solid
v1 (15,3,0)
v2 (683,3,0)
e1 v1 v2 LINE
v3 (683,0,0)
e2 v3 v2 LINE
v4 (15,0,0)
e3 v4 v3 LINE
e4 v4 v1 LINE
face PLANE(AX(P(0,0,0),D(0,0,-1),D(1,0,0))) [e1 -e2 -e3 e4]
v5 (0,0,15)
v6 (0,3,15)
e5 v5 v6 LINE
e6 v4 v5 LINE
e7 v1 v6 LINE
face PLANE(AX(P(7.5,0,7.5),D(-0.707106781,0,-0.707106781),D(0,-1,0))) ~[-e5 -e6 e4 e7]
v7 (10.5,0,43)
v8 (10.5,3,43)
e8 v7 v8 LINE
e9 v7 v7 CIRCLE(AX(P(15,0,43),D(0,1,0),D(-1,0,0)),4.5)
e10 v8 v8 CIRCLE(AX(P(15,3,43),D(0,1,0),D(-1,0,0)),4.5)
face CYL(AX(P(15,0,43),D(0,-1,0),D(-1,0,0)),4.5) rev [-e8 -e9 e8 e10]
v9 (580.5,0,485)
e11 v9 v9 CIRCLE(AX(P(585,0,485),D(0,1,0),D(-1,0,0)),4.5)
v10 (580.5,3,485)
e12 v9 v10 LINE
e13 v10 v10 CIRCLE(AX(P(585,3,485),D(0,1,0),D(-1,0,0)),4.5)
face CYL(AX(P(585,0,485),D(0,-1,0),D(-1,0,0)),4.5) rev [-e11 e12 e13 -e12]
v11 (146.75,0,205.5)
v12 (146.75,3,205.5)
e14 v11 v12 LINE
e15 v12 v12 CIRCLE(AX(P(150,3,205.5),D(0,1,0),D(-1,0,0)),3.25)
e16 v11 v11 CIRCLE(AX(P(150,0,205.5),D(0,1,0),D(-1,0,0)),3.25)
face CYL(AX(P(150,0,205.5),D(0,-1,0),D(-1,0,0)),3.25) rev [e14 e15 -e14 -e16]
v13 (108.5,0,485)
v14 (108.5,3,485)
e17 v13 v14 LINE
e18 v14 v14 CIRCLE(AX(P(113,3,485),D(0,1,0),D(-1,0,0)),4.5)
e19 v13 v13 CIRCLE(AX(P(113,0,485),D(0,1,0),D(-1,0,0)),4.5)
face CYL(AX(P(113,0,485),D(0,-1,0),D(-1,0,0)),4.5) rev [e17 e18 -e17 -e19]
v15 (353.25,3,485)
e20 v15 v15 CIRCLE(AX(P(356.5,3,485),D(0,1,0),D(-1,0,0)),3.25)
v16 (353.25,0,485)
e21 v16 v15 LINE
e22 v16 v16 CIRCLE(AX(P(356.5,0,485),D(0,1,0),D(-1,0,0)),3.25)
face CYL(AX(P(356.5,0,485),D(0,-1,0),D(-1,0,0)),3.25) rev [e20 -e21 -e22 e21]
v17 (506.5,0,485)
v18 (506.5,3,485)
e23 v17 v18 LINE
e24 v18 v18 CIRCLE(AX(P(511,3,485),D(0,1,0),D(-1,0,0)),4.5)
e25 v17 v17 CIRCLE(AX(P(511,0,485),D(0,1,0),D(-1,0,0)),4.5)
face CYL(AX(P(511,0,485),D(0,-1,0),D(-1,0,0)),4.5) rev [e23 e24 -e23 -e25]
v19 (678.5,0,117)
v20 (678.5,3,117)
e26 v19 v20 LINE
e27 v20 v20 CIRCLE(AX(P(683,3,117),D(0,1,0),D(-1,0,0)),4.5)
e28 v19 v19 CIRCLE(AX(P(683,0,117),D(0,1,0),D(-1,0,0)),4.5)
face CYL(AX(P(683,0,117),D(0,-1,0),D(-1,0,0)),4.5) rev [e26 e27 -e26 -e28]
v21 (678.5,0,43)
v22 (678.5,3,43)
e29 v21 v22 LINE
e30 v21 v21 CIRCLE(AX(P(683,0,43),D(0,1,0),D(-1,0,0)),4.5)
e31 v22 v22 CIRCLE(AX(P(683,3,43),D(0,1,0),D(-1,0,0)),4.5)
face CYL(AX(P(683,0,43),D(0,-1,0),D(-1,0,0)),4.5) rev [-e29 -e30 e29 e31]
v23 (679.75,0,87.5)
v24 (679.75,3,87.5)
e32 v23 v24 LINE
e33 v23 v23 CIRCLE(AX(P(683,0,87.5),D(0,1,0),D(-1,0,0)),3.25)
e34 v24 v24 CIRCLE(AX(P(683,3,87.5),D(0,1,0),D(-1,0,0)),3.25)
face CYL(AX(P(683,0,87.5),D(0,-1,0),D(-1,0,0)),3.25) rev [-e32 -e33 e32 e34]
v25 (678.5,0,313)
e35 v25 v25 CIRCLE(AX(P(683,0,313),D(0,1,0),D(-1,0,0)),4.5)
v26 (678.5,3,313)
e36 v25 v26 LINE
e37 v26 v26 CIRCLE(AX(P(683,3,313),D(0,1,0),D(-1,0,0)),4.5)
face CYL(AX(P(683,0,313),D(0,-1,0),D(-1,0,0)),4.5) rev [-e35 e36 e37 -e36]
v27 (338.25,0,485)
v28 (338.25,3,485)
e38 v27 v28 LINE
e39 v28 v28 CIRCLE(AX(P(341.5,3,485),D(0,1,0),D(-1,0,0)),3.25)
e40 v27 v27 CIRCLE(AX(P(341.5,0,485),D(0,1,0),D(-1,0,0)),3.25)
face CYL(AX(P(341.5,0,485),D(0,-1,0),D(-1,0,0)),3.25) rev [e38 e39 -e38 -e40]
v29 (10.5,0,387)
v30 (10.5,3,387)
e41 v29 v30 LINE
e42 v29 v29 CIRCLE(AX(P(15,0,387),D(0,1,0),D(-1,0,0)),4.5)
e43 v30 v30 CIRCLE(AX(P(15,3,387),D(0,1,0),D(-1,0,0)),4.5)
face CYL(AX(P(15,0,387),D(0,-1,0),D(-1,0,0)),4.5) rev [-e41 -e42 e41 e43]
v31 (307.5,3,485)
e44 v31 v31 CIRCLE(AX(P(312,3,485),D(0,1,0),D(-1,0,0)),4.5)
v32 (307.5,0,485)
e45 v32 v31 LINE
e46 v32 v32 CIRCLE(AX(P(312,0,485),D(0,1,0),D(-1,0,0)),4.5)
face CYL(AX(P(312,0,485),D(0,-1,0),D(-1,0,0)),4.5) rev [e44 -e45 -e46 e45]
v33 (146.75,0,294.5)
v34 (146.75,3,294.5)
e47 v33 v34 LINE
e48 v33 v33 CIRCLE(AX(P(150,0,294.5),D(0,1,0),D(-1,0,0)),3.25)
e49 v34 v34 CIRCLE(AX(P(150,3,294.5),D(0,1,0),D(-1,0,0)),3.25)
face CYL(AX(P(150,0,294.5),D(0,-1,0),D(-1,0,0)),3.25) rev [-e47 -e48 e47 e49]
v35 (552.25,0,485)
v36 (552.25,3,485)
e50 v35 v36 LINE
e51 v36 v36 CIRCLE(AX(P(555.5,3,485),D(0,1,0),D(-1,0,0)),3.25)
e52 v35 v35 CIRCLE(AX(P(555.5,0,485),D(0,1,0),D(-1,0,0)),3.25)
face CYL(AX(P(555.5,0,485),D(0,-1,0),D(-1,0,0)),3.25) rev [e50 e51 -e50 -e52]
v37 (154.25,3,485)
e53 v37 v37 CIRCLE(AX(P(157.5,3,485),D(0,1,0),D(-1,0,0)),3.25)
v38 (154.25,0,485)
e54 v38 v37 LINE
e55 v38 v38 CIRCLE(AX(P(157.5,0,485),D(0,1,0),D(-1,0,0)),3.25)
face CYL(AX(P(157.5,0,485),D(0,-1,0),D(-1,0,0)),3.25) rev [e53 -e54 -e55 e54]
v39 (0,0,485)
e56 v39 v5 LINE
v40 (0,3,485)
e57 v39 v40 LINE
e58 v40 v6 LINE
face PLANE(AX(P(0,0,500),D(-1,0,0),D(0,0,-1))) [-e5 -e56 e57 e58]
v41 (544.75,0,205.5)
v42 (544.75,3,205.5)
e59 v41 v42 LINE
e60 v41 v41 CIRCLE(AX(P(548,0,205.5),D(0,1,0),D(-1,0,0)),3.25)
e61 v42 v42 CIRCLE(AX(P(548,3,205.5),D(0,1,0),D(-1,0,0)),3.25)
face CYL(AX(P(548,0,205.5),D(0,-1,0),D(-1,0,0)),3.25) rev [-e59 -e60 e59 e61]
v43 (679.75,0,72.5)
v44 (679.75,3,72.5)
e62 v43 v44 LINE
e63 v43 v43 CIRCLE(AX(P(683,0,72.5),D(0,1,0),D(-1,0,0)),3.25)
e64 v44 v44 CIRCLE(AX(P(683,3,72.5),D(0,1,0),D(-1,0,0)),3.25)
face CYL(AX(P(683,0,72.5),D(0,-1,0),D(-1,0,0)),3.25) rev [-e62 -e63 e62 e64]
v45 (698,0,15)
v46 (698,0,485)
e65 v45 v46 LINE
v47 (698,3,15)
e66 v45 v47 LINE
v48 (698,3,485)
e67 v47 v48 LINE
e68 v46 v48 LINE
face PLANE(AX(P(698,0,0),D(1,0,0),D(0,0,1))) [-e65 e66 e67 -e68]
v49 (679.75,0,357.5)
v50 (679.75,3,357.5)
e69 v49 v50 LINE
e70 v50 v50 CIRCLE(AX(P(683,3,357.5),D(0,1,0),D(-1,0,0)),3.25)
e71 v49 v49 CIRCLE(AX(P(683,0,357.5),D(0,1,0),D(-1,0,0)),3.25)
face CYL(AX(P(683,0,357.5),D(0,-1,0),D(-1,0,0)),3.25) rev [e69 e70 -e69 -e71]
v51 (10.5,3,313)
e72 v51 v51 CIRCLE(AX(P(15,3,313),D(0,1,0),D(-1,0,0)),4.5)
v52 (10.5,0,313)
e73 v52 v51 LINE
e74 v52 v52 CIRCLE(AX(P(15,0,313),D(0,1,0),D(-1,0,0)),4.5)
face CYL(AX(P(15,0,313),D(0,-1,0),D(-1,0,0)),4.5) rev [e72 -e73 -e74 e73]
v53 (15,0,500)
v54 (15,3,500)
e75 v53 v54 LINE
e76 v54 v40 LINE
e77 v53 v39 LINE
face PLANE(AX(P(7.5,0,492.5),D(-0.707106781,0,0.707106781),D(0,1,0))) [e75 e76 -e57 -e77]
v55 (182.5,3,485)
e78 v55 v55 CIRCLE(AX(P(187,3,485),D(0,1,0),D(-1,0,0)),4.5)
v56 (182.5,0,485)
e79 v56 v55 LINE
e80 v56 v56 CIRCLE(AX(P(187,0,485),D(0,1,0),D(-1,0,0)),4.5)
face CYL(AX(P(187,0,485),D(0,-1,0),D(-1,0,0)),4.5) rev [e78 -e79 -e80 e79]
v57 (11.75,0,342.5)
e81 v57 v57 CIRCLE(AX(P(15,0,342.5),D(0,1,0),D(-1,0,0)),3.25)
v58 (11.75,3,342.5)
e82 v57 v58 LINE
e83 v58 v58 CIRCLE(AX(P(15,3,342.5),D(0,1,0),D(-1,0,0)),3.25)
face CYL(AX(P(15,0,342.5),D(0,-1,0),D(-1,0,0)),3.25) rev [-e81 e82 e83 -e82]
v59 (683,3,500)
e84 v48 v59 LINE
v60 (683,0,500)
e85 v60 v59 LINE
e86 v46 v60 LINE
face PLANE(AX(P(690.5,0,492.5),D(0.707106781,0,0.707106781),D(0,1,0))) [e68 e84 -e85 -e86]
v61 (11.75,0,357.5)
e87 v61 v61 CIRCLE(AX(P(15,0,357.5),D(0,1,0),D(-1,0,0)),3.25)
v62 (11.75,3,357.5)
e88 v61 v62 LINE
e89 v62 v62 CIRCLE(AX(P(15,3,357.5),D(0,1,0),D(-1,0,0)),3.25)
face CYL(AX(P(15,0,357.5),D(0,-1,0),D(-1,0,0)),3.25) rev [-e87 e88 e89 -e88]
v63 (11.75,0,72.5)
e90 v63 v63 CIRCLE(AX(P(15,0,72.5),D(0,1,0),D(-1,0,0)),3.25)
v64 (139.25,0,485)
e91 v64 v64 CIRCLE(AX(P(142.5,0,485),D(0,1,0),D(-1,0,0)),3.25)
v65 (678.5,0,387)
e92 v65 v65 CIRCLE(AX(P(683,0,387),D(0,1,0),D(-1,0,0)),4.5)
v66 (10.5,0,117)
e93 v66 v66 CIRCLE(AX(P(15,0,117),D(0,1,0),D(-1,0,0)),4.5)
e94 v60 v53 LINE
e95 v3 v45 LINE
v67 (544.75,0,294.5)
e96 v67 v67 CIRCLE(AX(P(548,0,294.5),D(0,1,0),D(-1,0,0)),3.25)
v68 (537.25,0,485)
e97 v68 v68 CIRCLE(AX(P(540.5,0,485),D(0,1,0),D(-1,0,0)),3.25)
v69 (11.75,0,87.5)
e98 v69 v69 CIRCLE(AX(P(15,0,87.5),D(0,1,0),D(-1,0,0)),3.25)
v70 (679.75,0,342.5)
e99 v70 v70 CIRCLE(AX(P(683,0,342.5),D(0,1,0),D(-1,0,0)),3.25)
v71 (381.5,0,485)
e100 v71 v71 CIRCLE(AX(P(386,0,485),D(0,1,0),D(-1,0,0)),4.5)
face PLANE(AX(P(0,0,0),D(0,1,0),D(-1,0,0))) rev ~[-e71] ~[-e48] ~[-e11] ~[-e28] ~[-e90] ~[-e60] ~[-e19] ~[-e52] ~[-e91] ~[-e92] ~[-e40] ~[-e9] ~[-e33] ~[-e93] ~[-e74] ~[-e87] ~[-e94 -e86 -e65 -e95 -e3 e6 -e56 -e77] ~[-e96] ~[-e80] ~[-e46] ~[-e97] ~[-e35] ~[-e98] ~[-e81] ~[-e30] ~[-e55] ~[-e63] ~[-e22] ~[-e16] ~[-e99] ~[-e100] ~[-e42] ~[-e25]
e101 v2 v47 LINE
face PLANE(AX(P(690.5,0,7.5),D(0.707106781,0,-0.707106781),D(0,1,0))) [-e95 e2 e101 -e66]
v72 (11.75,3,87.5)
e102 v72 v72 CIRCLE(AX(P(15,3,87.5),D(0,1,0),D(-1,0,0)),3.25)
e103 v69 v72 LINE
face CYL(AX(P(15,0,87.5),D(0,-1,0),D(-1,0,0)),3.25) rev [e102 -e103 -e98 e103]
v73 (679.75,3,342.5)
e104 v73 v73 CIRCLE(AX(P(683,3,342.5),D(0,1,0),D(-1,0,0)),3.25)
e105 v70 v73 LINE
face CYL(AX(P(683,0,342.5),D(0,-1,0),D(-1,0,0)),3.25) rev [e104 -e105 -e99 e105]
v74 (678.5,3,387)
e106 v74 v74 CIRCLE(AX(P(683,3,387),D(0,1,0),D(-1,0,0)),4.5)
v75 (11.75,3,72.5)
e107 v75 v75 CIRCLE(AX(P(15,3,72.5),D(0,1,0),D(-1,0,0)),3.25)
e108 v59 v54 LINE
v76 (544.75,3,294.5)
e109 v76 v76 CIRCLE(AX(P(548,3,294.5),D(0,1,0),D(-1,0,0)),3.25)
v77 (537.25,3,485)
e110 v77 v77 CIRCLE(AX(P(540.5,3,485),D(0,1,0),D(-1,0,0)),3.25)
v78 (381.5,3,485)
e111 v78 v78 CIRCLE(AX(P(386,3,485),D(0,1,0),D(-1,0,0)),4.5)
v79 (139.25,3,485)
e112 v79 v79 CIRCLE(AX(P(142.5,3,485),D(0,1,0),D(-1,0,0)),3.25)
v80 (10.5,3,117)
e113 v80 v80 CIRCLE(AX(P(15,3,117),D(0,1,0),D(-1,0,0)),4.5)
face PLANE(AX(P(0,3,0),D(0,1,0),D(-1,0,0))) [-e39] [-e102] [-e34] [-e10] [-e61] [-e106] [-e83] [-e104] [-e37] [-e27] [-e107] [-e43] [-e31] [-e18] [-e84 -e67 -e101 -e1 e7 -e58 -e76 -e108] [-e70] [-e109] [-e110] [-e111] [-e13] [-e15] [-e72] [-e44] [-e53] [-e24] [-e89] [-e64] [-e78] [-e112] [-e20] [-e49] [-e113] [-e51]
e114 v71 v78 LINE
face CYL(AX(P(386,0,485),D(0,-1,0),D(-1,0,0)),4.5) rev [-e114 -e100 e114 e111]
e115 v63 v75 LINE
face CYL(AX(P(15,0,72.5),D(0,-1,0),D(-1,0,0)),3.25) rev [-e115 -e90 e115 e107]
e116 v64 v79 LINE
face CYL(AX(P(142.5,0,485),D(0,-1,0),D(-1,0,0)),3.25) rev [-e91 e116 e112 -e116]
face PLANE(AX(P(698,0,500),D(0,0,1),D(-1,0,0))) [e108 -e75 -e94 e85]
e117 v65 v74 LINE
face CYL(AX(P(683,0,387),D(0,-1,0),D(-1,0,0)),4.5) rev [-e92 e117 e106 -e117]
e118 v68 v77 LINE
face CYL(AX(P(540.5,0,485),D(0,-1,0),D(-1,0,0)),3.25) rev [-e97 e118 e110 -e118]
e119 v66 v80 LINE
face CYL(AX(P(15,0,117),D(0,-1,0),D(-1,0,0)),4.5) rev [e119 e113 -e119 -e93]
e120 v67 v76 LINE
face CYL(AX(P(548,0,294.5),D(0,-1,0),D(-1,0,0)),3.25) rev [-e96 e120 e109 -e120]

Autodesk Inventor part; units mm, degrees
ref_plane "YZ Plane" through (0, 0, 0) normal (1, 0, 0) x (0, 1, 0)
ref_plane "XZ Plane" through (0, 0, 0) normal (0, 1, 0) x (-1, 0, 0)
ref_plane "XY Plane" through (0, 0, 0) normal (0, 0, 1) x (1, 0, 0)
sketch "Skizze1" plane through (0, 0, 0) normal (0, 1, 0) x (-1, 0, 0)
  line L0 (0, 0) -> (-698, 0)
  line L1 (-698, 0) -> (-698, 500)
  line L2 (-698, 500) -> (0, 500)
  line L3 (0, 500) -> (0, 0)
  line L4 (-349, 0) -> (-349, 500) construction
  line L5 (0, 250) -> (-698, 250) construction
  line L6 (-150, 0) -> (-150, 500) construction
  line L7 (-548, 0) -> (-548, 500) construction
  line L8 (-698, 350) -> (0, 350) construction
  line L9 (0, 80) -> (-698, 80) construction
  line L10 (-683, 485) -> (-683, 15) construction
  line L11 (-683, 15) -> (-15, 15) construction
  line L12 (-15, 15) -> (-15, 485) construction
  line L13 (-15, 485) -> (-683, 485) construction
  line L14 (-23, 302.5) -> (-7, 302.5) construction
  line L15 (-7, 302.5) -> (-7, 397.5) construction
  line L16 (-7, 397.5) -> (-23, 397.5) construction
  line L17 (-23, 397.5) -> (-23, 302.5) construction
  line L18 (-23, 302.5) -> (-7, 397.5) construction
  line L19 (-7, 302.5) -> (-23, 397.5) construction
  line L20 (-102.5, 493) -> (-197.5, 493) construction
  line L21 (-197.5, 493) -> (-197.5, 477) construction
  line L22 (-197.5, 477) -> (-102.5, 477) construction
  line L23 (-102.5, 477) -> (-102.5, 493) construction
  line L24 (-102.5, 493) -> (-197.5, 477) construction
  line L25 (-197.5, 493) -> (-102.5, 477) construction
  line L26 (-301.5, 493) -> (-396.5, 493) construction
  line L27 (-396.5, 493) -> (-396.5, 477) construction
  line L28 (-396.5, 477) -> (-301.5, 477) construction
  line L29 (-301.5, 477) -> (-301.5, 493) construction
  line L30 (-301.5, 493) -> (-396.5, 477) construction
  line L31 (-396.5, 493) -> (-301.5, 477) construction
  circle A0 centre (-15, 342.5) radius 3.25
  circle A1 centre (-15, 313) radius 4.5
  circle A2 centre (-15, 357.5) radius 3.25
  circle A3 centre (-15, 387) radius 4.5
  circle A4 centre (-142.5, 485) radius 3.25
  circle A5 centre (-113, 485) radius 4.5
  circle A6 centre (-312, 485) radius 4.5
  circle A7 centre (-341.5, 485) radius 3.25
  circle A8 centre (-157.5, 485) radius 3.25
  circle A9 centre (-187, 485) radius 4.5
  circle A10 centre (-386, 485) radius 4.5
  circle A11 centre (-356.5, 485) radius 3.25
  circle A12 centre (-683, 342.5) radius 3.25
  circle A13 centre (-683, 313) radius 4.5
  circle A14 centre (-683, 387) radius 4.5
  circle A15 centre (-683, 357.5) radius 3.25
  circle A16 centre (-555.5, 485) radius 3.25
  circle A17 centre (-585, 485) radius 4.5
  circle A18 centre (-540.5, 485) radius 3.25
  circle A19 centre (-511, 485) radius 4.5
  circle A20 centre (-15, 43) radius 4.5
  circle A21 centre (-15, 72.5) radius 3.25
  circle A22 centre (-150, 205.5) radius 3.25
  line L32 (-138.5, 196) -> (-161.5, 196) construction
  line L33 (-161.5, 196) -> (-161.5, 304) construction
  line L34 (-161.5, 304) -> (-138.5, 304) construction
  line L35 (-138.5, 304) -> (-138.5, 196) construction
  line L36 (-138.5, 196) -> (-161.5, 304) construction
  line L37 (-161.5, 196) -> (-138.5, 304) construction
  circle A23 centre (-150, 294.5) radius 3.25
  circle A24 centre (-548, 205.5) radius 3.25
  circle A25 centre (-548, 294.5) radius 3.25
  circle A26 centre (-15, 117) radius 4.5
  circle A27 centre (-15, 87.5) radius 3.25
  circle A28 centre (-683, 43) radius 4.5
  circle A29 centre (-683, 72.5) radius 3.25
  circle A30 centre (-683, 87.5) radius 3.25
  circle A31 centre (-683, 117) radius 4.5
  point P0 (-15, 350)
  point P1 (-150, 485)
  point P2 (-349, 485)
  point P3 (-150, 250)
  dimension "d0" = 698
  dimension "d1" = 500
  dimension "d2" = 150
  dimension "d3" = 80
  dimension "d4" = 150
  dimension "d5" = 150
  dimension "d6" = 15
  dimension "d7" = 16
  dimension "d8" = 95
  dimension "d9" = 95
  dimension "d10" = 16
  dimension "d11" = 95
  dimension "d12" = 16
  dimension "d13" = 6.5
  dimension "d14" = 7.5
  dimension "d15" = 9
  dimension "d16" = 37
  dimension "d17" = 6.5
  dimension "d18" = 9
  dimension "d19" = 7.5
  dimension "d20" = 37
  dimension "d21" = 6.5
  dimension "d22" = 9
  dimension "d23" = 7.5
  dimension "d24" = 37
  dimension "d30" = 6.5
  dimension "d31" = 44.5
  dimension "d32" = 23
  dimension "d33" = 108
  dimension "d34" = 6.5
  dimension "d35" = 9
  dimension "d36" = 7.5
  dimension "d37" = 37
extrude "Extrusion1" add sketch "Skizze1" along normal blind 3
chamfer "Fase1" distance 15 angle 45 4 edges at (0, 1.5, 500) (698, 1.5, 500) (698, 1.5, 0) (0, 1.5, 0)
equation "\"d5\" = d4"
equation "\"d17\" = d13"
equation "\"d18\" = d15"
equation "\"d19\" = d14"
equation "\"d20\" = d16"
equation "\"d21\" = d13"
equation "\"d22\" = d15"
equation "\"d23\" = d14"
equation "\"d24\" = d16"
equation "\"d34\" = d13"
equation "\"d35\" = d15"
equation "\"d36\" = d14"
equation "\"d37\" = d16"
properties part number "enc-SidePanel Unten 500x708"
